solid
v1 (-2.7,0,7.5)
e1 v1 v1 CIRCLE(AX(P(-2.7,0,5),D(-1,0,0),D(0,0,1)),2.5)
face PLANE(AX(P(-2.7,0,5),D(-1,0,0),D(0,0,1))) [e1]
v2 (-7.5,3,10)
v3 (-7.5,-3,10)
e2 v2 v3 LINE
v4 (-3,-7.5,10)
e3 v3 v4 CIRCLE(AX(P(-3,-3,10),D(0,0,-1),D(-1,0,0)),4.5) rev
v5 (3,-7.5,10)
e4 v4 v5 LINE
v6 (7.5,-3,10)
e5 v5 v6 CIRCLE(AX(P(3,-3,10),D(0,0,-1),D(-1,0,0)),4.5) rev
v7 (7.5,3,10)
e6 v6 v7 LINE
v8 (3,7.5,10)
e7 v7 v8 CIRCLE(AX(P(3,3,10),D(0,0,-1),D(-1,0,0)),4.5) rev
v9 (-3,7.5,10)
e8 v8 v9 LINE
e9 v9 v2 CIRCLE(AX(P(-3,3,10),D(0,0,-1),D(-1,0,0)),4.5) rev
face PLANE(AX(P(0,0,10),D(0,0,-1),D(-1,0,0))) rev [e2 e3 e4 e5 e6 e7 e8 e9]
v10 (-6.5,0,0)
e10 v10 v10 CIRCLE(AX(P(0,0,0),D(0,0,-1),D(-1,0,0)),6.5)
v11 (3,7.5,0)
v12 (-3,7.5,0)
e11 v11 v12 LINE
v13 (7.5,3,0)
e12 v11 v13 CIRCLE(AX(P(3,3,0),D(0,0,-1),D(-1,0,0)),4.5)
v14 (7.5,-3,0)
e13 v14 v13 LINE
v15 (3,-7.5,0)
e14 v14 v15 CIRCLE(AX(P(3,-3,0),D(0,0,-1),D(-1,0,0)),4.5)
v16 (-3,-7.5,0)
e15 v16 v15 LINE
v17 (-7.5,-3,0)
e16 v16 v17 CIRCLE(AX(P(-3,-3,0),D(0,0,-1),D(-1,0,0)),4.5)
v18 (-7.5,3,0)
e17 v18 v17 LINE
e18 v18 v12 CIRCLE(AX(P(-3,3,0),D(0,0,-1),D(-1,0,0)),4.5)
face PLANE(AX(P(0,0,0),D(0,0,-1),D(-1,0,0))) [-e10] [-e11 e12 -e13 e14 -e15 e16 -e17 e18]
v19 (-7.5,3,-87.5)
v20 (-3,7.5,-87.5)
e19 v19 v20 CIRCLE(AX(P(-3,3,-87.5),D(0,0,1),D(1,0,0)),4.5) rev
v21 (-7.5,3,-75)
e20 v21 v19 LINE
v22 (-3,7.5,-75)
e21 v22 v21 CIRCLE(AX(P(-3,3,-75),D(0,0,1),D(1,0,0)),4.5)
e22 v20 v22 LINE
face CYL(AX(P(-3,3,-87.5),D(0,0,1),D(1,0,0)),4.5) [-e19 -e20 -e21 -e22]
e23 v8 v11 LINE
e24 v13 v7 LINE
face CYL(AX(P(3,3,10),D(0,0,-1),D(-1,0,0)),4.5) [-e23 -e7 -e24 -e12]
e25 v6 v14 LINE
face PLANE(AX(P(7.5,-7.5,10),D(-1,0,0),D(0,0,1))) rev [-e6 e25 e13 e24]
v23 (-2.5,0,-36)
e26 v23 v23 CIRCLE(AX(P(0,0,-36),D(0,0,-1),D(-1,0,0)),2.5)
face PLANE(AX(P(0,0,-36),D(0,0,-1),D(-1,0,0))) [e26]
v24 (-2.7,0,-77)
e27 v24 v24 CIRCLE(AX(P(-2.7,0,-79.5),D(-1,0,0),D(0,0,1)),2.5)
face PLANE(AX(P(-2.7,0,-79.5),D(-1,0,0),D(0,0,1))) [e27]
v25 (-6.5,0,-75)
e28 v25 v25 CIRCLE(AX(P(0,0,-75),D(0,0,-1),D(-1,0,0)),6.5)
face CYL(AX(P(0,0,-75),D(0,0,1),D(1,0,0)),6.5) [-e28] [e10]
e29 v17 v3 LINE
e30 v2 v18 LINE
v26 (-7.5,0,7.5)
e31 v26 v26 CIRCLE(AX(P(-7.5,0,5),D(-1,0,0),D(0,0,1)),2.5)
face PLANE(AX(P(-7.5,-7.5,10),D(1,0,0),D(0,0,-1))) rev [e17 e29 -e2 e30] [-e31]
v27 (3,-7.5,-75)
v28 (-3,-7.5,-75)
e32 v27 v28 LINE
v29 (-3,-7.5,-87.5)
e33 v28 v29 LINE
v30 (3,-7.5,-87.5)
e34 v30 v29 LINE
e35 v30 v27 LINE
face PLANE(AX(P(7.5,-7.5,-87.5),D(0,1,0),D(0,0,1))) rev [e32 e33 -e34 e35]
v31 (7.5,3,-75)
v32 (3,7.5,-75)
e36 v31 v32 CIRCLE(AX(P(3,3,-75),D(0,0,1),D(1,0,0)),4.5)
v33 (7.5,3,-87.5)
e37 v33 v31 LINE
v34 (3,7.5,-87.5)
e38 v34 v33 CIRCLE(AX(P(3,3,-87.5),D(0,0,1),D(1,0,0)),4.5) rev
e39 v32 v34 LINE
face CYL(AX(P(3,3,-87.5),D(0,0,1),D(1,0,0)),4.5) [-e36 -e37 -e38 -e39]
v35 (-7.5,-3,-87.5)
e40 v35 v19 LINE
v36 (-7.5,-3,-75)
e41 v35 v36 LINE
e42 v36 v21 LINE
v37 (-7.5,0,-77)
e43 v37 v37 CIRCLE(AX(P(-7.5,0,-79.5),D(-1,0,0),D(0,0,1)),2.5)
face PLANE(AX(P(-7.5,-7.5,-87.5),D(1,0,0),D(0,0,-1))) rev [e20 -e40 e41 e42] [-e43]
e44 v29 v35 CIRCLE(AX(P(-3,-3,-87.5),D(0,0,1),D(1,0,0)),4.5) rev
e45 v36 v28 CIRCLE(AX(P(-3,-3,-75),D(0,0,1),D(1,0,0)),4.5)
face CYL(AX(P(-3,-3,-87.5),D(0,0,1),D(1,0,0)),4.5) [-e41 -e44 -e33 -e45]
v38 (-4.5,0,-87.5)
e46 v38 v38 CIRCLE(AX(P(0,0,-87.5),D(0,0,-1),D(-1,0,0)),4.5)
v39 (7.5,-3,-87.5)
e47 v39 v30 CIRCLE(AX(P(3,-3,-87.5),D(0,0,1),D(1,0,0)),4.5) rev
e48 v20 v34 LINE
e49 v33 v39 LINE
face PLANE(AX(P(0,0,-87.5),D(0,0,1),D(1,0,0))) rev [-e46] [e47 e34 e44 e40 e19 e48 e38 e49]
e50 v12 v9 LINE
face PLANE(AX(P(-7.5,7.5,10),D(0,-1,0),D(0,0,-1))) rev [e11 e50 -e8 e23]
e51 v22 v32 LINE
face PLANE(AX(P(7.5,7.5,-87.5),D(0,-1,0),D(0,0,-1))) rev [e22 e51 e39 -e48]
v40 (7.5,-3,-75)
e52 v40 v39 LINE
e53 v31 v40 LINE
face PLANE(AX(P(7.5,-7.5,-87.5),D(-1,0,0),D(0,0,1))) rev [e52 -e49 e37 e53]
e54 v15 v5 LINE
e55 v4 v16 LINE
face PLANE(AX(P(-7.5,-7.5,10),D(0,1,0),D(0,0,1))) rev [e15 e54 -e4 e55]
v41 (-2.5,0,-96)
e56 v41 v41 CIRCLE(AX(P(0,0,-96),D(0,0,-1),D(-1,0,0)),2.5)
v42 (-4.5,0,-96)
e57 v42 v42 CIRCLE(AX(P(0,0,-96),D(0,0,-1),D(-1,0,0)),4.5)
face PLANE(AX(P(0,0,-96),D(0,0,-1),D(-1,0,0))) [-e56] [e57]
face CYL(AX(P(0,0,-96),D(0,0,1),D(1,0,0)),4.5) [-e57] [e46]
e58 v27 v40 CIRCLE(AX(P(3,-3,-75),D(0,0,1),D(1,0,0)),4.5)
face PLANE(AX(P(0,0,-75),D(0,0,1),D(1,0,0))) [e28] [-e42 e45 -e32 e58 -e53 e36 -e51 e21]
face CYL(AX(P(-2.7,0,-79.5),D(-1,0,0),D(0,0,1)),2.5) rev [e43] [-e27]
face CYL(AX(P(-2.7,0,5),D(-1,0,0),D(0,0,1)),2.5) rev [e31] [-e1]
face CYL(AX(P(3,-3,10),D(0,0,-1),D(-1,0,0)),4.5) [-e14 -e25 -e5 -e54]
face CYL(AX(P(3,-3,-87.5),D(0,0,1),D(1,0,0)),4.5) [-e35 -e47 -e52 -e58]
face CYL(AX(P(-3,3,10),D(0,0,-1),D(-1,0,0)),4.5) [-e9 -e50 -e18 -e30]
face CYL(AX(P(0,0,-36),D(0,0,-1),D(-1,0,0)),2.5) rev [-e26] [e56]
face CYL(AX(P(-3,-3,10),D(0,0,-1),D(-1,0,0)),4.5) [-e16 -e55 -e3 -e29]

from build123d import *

# Parameters (mm, degrees)
SKETCH_1_W          = 15
SKETCH_1_H          = 15
EXTRUDE_1_DEPTH     = 10
FILLET_1_R          = 4.5
SKETCH_2_R          = 2.5
CUT_EXTRUDE_1_DEPTH = 4.8
SKETCH_4_R          = 6.5
EXTRUDE_2_DEPTH     = 75
SKETCH_6_W          = 15
SKETCH_6_H          = 15
EXTRUDE_3_DEPTH     = 12.5
FILLET_2_R          = 4.5
SKETCH_7_R          = 4.5
EXTRUDE_4_DEPTH     = 8.5
SKETCH_13_R         = 2.5
CUT_EXTRUDE_2_DEPTH = 4.8
SKETCH_16_R         = 2.5
CUT_EXTRUDE_6_DEPTH = 60


with BuildPart() as part:
    # 草图1 → 凸台-拉伸1 (new body)
    with BuildSketch(Plane.XY):
        Rectangle(SKETCH_1_W, SKETCH_1_H)
    extrude(amount=EXTRUDE_1_DEPTH)

    # 圆角1
    fillet_1_edges = [part.edges().sort_by_distance(p)[0] for p in [
        (7.5, -7.5, 5),
        (-7.5, -7.5, 5),
        (-7.5, 7.5, 5),
        (7.5, 7.5, 5),
    ]]
    fillet(fillet_1_edges, radius=FILLET_1_R)

    # 草图2 → 切除-拉伸1 (cut)
    with BuildSketch(Plane.ZY.offset(7.5)):
        with Locations((5, 0)):
            Circle(SKETCH_2_R)
    extrude(amount=-CUT_EXTRUDE_1_DEPTH, mode=Mode.SUBTRACT)

    # 草图4 → 凸台-拉伸2 (add)
    with BuildSketch(Plane(origin=(0, 0, 0), x_dir=(-1, 0, 0), z_dir=(0, 0, -1))):
        Circle(SKETCH_4_R)
    extrude(amount=EXTRUDE_2_DEPTH)

    # 草图6 → 凸台-拉伸3 (add)
    with BuildSketch(Plane(origin=(0, 0, -75), x_dir=(-1, 0, 0), z_dir=(0, 0, -1))):
        Rectangle(SKETCH_6_W, SKETCH_6_H)
    extrude(amount=EXTRUDE_3_DEPTH)

    # 圆角2
    fillet_2_edges = [part.edges().sort_by_distance(p)[0] for p in [
        (-7.5, -7.5, -81.25),
        (-7.5, 7.5, -81.25),
        (7.5, 7.5, -81.25),
        (7.5, -7.5, -81.25),
    ]]
    fillet(fillet_2_edges, radius=FILLET_2_R)

    # 草图7 → 凸台-拉伸4 (add)
    with BuildSketch(Plane(origin=(0, 0, -87.5), x_dir=(-1, 0, 0), z_dir=(0, 0, -1))):
        Circle(SKETCH_7_R)
    extrude(amount=EXTRUDE_4_DEPTH)

    # 草图13 → 切除-拉伸2 (cut)
    with BuildSketch(Plane.ZY.offset(7.5)):
        with Locations((-79.5, 0)):
            Circle(SKETCH_13_R)
    extrude(amount=-CUT_EXTRUDE_2_DEPTH, mode=Mode.SUBTRACT)

    # 草图16 → 切除-拉伸6 (cut)
    with BuildSketch(Plane(origin=(0, 0, -96), x_dir=(-1, 0, 0), z_dir=(0, 0, -1))):
        Circle(SKETCH_16_R)
    extrude(amount=-CUT_EXTRUDE_6_DEPTH, mode=Mode.SUBTRACT)


solid = part.part
